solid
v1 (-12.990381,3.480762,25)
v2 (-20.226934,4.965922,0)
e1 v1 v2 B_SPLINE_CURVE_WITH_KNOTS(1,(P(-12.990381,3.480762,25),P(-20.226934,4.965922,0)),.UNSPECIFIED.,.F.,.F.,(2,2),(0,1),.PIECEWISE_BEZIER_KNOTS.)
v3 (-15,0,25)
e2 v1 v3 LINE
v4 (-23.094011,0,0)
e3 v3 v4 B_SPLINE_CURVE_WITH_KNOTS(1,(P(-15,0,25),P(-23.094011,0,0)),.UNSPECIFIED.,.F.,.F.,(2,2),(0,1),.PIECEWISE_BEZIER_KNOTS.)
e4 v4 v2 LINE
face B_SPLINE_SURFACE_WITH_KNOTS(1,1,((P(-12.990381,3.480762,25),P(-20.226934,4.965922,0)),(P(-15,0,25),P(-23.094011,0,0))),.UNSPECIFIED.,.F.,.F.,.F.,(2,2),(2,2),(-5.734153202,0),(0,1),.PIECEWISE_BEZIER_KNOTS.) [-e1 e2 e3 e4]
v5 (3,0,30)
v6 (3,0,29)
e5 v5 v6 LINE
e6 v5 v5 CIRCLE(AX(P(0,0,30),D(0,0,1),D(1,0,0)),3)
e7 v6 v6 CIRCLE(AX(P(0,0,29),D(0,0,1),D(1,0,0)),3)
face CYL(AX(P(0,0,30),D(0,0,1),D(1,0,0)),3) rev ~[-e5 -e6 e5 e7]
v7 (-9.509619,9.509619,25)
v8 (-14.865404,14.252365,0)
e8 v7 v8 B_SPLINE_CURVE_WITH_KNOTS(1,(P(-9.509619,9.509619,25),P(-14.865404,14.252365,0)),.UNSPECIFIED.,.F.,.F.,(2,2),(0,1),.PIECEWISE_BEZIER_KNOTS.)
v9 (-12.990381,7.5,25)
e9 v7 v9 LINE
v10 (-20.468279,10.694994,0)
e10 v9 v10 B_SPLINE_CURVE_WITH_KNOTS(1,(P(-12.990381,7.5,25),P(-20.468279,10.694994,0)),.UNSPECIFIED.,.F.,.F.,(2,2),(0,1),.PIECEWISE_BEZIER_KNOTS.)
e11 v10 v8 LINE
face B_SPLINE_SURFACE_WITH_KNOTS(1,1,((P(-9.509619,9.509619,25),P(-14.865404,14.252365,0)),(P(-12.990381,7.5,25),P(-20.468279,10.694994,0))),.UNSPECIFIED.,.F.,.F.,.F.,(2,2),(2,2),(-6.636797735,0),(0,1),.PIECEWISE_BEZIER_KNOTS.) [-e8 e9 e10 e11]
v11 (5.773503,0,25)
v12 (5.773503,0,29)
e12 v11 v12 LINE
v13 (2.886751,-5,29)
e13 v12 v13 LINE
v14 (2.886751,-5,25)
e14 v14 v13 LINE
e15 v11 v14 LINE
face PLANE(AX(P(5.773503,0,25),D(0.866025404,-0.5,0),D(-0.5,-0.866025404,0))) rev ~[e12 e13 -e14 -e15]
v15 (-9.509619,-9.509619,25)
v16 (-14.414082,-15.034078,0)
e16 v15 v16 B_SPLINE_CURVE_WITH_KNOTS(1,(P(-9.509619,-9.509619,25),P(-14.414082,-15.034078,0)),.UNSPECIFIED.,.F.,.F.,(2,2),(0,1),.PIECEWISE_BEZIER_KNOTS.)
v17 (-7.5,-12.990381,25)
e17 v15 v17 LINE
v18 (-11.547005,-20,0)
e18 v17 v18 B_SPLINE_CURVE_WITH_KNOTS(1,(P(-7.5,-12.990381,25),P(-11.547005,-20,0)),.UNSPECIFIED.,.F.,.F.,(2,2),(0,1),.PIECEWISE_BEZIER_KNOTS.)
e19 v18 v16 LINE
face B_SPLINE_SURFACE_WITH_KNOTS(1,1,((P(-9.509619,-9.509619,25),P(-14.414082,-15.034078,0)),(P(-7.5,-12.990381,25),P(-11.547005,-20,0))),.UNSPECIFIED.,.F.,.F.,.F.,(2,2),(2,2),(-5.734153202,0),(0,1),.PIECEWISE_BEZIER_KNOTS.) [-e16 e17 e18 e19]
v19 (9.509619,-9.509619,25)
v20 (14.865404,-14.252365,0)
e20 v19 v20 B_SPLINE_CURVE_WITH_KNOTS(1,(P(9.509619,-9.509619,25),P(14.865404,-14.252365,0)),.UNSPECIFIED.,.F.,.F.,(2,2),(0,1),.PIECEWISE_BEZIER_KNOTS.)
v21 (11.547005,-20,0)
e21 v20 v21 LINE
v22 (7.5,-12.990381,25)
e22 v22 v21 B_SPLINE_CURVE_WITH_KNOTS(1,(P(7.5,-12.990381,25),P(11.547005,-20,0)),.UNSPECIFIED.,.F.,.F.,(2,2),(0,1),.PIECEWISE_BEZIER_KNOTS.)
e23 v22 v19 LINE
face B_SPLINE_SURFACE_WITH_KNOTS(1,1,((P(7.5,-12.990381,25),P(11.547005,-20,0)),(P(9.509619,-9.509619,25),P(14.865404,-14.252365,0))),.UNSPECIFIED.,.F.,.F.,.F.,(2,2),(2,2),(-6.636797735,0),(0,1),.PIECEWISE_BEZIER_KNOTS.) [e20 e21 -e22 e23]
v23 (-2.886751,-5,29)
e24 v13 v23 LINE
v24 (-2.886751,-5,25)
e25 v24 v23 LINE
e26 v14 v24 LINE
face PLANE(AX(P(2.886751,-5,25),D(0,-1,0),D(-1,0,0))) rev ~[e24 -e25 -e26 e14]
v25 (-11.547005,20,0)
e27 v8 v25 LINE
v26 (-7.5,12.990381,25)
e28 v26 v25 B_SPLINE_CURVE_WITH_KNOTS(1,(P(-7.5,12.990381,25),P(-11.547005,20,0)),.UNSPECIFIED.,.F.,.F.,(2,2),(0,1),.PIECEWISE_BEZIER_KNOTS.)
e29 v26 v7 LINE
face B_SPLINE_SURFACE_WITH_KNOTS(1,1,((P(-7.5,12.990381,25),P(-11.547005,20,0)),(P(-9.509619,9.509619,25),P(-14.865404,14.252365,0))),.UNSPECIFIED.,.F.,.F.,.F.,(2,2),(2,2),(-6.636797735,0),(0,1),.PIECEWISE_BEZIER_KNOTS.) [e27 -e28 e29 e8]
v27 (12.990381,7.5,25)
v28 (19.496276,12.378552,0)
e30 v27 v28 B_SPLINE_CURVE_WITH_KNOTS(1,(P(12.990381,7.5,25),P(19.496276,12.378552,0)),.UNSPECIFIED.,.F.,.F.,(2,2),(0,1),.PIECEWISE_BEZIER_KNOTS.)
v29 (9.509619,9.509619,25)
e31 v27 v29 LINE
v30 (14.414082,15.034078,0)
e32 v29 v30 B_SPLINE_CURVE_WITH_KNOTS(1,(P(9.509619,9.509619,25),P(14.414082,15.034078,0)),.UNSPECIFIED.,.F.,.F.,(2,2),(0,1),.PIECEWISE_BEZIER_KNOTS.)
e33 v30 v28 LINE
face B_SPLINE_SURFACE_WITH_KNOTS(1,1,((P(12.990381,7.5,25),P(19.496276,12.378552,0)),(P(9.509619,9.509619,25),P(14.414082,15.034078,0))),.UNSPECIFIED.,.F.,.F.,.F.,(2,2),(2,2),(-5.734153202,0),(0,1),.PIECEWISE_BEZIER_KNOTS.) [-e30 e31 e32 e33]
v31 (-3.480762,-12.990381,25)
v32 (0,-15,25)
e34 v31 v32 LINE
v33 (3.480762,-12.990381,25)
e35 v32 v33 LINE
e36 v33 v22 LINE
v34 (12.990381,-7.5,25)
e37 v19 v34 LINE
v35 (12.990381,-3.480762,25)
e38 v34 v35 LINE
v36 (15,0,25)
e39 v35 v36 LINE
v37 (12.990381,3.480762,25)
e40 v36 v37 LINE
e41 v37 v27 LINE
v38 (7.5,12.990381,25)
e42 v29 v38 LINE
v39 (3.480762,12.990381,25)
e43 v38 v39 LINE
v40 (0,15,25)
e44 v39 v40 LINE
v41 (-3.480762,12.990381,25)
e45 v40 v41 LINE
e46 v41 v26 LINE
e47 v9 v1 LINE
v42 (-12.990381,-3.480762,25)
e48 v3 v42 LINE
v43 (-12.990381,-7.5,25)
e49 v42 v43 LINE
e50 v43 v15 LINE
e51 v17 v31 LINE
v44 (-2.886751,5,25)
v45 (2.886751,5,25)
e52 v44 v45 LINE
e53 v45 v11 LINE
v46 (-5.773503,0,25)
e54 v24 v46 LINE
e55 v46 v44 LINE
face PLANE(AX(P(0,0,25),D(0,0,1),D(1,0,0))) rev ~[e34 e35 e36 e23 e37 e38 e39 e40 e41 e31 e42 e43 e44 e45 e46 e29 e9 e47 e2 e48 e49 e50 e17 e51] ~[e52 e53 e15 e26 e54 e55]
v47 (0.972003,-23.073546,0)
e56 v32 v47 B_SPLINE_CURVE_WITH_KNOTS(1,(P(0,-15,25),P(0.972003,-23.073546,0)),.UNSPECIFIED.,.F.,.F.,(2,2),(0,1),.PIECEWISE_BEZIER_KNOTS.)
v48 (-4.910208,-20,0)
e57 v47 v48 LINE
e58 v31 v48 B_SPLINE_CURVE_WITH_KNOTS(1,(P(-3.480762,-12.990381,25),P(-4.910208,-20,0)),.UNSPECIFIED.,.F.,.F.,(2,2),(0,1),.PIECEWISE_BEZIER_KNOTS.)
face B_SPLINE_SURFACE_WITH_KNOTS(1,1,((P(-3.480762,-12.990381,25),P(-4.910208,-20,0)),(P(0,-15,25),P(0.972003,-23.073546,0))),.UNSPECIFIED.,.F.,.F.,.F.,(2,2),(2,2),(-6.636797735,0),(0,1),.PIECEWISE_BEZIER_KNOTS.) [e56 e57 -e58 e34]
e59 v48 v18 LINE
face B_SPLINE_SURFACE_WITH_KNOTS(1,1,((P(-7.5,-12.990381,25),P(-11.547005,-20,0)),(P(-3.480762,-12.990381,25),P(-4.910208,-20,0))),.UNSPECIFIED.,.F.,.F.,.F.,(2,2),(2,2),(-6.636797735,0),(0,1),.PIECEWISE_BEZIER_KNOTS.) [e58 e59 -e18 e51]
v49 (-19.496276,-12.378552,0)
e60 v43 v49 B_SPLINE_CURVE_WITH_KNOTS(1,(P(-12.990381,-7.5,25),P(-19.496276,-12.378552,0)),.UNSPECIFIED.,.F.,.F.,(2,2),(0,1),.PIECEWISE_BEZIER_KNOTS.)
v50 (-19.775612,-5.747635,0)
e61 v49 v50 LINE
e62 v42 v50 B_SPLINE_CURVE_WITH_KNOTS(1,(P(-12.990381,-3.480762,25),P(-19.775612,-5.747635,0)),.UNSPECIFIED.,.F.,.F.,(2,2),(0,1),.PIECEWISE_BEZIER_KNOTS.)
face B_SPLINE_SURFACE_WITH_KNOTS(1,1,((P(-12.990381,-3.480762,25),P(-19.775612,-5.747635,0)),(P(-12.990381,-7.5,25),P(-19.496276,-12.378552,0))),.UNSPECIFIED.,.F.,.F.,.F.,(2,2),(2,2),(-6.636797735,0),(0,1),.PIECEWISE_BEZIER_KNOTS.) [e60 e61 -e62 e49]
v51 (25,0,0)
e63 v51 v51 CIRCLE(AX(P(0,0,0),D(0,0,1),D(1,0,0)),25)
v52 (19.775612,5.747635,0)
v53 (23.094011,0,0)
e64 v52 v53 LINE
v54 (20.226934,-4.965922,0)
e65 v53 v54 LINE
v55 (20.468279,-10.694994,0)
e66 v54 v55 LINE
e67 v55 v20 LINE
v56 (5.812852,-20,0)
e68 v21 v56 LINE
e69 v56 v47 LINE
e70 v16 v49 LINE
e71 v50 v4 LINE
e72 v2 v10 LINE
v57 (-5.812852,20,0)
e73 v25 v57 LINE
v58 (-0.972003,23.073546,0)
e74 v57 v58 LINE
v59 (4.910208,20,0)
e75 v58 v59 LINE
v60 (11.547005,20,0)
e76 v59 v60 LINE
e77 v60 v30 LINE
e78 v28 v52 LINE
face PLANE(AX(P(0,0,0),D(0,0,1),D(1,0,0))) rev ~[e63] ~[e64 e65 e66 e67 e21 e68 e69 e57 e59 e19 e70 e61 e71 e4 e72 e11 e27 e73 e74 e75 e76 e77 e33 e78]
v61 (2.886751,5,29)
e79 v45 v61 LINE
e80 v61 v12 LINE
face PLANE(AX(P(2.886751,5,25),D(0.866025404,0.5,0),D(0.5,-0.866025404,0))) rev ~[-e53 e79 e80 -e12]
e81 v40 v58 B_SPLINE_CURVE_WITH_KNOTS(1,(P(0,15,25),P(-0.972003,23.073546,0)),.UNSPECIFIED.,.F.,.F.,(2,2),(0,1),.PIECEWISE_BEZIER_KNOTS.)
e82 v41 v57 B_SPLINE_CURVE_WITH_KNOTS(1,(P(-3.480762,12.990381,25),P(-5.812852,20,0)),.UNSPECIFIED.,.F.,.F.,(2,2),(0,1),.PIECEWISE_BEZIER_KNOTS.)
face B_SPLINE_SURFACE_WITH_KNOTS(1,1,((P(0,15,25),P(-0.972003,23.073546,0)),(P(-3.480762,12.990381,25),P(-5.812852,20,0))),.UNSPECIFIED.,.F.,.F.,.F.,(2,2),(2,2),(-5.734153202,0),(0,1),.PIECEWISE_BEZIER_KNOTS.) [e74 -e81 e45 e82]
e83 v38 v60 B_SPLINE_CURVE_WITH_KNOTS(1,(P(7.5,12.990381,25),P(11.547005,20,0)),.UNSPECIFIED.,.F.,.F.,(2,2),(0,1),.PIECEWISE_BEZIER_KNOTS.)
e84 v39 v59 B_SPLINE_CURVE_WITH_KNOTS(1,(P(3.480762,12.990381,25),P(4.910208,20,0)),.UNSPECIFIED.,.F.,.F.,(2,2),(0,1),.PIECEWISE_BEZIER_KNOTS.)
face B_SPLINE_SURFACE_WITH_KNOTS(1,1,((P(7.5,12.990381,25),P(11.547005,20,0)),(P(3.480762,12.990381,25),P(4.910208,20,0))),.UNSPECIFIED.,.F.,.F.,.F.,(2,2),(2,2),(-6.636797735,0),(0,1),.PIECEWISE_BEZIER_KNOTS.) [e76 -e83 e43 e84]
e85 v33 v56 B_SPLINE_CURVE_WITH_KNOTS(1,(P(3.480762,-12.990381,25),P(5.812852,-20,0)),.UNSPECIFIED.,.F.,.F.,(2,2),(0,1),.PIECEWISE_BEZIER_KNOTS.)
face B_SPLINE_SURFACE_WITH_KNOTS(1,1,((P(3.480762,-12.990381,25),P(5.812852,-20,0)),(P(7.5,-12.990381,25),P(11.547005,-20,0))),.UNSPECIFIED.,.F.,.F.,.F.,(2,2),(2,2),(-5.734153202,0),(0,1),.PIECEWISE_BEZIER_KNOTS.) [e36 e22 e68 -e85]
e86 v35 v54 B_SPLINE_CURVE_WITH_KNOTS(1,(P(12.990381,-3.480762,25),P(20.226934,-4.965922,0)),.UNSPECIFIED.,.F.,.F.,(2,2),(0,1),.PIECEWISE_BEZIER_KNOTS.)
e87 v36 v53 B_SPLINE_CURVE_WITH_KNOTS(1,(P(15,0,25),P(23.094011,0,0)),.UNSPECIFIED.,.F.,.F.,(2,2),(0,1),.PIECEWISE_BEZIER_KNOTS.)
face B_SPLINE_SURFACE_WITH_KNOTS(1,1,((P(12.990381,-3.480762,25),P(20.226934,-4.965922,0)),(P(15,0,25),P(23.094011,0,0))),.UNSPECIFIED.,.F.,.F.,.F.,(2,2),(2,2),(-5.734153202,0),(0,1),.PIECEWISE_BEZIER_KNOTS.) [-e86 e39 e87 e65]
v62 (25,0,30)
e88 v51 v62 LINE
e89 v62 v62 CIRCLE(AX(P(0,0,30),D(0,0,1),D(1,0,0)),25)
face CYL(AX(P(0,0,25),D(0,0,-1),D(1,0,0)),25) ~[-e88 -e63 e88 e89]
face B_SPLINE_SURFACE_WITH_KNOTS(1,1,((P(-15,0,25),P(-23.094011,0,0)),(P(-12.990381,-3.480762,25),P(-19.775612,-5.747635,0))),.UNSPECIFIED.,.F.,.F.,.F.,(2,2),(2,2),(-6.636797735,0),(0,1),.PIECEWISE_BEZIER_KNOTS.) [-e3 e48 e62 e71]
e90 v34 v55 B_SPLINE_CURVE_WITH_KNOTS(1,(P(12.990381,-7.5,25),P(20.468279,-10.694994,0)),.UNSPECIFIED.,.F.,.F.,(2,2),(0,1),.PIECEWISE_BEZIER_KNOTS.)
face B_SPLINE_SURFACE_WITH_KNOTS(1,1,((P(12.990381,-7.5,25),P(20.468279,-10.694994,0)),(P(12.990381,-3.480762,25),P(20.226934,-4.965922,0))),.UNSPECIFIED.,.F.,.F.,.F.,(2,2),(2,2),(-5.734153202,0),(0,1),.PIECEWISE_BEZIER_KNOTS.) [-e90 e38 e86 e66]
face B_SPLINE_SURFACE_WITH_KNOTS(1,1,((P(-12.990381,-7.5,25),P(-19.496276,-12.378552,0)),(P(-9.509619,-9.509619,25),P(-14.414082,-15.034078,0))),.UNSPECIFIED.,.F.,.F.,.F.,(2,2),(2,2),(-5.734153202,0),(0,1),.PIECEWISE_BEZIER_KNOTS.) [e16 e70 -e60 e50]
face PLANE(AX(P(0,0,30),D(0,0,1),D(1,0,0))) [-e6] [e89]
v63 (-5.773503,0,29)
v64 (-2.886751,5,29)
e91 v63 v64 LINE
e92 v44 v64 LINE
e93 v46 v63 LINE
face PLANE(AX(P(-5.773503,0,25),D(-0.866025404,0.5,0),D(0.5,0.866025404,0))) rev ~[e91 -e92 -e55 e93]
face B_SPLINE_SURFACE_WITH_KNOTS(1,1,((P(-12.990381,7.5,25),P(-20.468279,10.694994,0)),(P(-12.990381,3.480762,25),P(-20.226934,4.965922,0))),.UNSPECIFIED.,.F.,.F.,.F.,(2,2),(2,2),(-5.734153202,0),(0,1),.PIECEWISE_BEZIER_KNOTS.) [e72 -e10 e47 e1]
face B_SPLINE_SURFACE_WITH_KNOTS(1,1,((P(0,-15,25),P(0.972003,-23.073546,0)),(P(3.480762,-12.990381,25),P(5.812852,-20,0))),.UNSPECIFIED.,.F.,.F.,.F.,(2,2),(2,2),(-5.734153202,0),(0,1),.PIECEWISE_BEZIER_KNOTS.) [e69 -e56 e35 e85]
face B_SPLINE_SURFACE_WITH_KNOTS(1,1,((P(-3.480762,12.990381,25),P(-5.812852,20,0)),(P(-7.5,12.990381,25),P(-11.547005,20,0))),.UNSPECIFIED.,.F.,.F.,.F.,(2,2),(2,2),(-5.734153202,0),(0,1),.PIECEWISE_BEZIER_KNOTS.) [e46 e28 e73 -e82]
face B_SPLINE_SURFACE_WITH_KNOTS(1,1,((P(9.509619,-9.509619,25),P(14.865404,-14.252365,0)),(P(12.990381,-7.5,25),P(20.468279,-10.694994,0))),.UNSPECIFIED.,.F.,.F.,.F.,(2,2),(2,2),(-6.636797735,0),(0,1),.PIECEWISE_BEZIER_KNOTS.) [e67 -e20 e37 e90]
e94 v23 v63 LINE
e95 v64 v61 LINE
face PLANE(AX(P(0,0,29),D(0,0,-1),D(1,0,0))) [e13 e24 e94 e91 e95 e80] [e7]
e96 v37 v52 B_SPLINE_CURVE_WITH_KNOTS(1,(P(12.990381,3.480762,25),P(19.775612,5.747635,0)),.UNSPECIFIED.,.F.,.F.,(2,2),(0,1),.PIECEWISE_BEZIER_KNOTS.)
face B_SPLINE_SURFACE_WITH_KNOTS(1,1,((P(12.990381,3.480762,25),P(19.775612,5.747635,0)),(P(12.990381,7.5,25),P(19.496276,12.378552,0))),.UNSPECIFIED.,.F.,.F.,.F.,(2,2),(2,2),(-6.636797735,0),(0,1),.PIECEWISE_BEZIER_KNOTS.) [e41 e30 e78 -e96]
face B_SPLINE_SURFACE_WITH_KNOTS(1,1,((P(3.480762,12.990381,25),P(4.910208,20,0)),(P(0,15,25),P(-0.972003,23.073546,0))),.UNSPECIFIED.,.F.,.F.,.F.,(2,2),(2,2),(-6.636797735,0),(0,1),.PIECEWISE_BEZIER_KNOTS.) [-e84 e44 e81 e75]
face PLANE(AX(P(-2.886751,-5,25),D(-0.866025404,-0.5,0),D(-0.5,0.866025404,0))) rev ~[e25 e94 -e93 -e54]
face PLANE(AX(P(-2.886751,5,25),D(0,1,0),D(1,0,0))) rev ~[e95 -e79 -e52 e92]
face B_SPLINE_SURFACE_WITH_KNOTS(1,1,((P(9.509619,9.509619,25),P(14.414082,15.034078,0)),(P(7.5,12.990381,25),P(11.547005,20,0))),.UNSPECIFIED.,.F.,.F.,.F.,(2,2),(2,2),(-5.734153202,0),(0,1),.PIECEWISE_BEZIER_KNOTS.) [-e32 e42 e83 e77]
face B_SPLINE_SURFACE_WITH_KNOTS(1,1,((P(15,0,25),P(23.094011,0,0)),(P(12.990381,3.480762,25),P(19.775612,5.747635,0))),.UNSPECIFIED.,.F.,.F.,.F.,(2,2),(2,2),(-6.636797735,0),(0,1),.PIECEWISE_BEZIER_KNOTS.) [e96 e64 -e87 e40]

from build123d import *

# Parameters (mm, degrees)
F0_R      = 25
F1_DEPTH  = 25
F5_R      = 25
F6_DEPTH  = 5
F8_DEPTH  = 4
F9_R      = 3
F10_DEPTH = 25


with BuildPart() as f1:
    # F0 (on Top) → F1 (new body)
    with BuildSketch(Plane.XY):
        Circle(F0_R)
    extrude(amount=F1_DEPTH)

    # F3 (on face) → F4 section 0
    with BuildSketch(Plane.XY.offset(25)):
        Polygon((-3.4807621135, 12.9903810568), (-7.5, 12.9903810568), (-9.5096189432, 9.5096189432), (-12.9903810568, 7.5), (-12.9903810568, 3.4807621135), (-15, 0), (-12.9903810568, -3.4807621135), (-12.9903810568, -7.5), (-9.5096189432, -9.5096189432), (-7.5, -12.9903810568), (-3.4807621135, -12.9903810568), (0, -15), (3.4807621135, -12.9903810568), (7.5, -12.9903810568), (9.5096189432, -9.5096189432), (12.9903810568, -7.5), (12.9903810568, -3.4807621135), (15, 0), (12.9903810568, 3.4807621135), (12.9903810568, 7.5), (9.5096189432, 9.5096189432), (7.5, 12.9903810568), (3.4807621135, 12.9903810568), (0, 15), align=None)
    # F2 (on face) → F4 section 1
    with BuildSketch(Plane(origin=(0, 0, 0), x_dir=(1, 0, 0), z_dir=(0, 0, -1))):
        Polygon((-4.9102076485, 20), (-11.5470053838, 20), (-14.414081985, 15.0340776575), (-19.4962760907, 12.3785520935), (-19.7756118999, 5.7476354385), (-23.0940107676, 0), (-20.2269341664, -4.9659223425), (-20.4682786203, -10.694994327), (-14.8654042514, -14.2523645615), (-11.5470053838, -20), (-5.8128521814, -20), (-0.9720025297, -23.0735464204), (4.9102076485, -20), (11.5470053838, -20), (14.414081985, -15.0340776575), (19.4962760907, -12.3785520935), (19.7756118999, -5.7476354385), (23.0940107676, 0), (20.2269341664, 4.9659223425), (20.4682786203, 10.694994327), (14.8654042514, 14.2523645615), (11.5470053838, 20), (5.8128521814, 20), (0.9720025297, 23.0735464204), align=None)
    loft(mode=Mode.SUBTRACT)

    # F5 (on face) → F6 (join)
    with BuildSketch(Plane.XY.offset(25)):
        Circle(F5_R)
    extrude(amount=F6_DEPTH)

    # F7 (on face) → F8 (cut)
    with BuildSketch(Plane(origin=(0, 0, 25), x_dir=(1, 0, 0), z_dir=(0, 0, -1))):
        Polygon((2.8867513459, 5), (-2.8867513459, 5), (-5.7735026919, 0), (-2.8867513459, -5), (2.8867513459, -5), (5.7735026919, 0), align=None)
    extrude(amount=-F8_DEPTH, mode=Mode.SUBTRACT)

    # F9 (on face) → F10 (cut)
    with BuildSketch(Plane.XY.offset(30)):
        Circle(F9_R)
    extrude(amount=-F10_DEPTH, mode=Mode.SUBTRACT)


solid = f1.part
